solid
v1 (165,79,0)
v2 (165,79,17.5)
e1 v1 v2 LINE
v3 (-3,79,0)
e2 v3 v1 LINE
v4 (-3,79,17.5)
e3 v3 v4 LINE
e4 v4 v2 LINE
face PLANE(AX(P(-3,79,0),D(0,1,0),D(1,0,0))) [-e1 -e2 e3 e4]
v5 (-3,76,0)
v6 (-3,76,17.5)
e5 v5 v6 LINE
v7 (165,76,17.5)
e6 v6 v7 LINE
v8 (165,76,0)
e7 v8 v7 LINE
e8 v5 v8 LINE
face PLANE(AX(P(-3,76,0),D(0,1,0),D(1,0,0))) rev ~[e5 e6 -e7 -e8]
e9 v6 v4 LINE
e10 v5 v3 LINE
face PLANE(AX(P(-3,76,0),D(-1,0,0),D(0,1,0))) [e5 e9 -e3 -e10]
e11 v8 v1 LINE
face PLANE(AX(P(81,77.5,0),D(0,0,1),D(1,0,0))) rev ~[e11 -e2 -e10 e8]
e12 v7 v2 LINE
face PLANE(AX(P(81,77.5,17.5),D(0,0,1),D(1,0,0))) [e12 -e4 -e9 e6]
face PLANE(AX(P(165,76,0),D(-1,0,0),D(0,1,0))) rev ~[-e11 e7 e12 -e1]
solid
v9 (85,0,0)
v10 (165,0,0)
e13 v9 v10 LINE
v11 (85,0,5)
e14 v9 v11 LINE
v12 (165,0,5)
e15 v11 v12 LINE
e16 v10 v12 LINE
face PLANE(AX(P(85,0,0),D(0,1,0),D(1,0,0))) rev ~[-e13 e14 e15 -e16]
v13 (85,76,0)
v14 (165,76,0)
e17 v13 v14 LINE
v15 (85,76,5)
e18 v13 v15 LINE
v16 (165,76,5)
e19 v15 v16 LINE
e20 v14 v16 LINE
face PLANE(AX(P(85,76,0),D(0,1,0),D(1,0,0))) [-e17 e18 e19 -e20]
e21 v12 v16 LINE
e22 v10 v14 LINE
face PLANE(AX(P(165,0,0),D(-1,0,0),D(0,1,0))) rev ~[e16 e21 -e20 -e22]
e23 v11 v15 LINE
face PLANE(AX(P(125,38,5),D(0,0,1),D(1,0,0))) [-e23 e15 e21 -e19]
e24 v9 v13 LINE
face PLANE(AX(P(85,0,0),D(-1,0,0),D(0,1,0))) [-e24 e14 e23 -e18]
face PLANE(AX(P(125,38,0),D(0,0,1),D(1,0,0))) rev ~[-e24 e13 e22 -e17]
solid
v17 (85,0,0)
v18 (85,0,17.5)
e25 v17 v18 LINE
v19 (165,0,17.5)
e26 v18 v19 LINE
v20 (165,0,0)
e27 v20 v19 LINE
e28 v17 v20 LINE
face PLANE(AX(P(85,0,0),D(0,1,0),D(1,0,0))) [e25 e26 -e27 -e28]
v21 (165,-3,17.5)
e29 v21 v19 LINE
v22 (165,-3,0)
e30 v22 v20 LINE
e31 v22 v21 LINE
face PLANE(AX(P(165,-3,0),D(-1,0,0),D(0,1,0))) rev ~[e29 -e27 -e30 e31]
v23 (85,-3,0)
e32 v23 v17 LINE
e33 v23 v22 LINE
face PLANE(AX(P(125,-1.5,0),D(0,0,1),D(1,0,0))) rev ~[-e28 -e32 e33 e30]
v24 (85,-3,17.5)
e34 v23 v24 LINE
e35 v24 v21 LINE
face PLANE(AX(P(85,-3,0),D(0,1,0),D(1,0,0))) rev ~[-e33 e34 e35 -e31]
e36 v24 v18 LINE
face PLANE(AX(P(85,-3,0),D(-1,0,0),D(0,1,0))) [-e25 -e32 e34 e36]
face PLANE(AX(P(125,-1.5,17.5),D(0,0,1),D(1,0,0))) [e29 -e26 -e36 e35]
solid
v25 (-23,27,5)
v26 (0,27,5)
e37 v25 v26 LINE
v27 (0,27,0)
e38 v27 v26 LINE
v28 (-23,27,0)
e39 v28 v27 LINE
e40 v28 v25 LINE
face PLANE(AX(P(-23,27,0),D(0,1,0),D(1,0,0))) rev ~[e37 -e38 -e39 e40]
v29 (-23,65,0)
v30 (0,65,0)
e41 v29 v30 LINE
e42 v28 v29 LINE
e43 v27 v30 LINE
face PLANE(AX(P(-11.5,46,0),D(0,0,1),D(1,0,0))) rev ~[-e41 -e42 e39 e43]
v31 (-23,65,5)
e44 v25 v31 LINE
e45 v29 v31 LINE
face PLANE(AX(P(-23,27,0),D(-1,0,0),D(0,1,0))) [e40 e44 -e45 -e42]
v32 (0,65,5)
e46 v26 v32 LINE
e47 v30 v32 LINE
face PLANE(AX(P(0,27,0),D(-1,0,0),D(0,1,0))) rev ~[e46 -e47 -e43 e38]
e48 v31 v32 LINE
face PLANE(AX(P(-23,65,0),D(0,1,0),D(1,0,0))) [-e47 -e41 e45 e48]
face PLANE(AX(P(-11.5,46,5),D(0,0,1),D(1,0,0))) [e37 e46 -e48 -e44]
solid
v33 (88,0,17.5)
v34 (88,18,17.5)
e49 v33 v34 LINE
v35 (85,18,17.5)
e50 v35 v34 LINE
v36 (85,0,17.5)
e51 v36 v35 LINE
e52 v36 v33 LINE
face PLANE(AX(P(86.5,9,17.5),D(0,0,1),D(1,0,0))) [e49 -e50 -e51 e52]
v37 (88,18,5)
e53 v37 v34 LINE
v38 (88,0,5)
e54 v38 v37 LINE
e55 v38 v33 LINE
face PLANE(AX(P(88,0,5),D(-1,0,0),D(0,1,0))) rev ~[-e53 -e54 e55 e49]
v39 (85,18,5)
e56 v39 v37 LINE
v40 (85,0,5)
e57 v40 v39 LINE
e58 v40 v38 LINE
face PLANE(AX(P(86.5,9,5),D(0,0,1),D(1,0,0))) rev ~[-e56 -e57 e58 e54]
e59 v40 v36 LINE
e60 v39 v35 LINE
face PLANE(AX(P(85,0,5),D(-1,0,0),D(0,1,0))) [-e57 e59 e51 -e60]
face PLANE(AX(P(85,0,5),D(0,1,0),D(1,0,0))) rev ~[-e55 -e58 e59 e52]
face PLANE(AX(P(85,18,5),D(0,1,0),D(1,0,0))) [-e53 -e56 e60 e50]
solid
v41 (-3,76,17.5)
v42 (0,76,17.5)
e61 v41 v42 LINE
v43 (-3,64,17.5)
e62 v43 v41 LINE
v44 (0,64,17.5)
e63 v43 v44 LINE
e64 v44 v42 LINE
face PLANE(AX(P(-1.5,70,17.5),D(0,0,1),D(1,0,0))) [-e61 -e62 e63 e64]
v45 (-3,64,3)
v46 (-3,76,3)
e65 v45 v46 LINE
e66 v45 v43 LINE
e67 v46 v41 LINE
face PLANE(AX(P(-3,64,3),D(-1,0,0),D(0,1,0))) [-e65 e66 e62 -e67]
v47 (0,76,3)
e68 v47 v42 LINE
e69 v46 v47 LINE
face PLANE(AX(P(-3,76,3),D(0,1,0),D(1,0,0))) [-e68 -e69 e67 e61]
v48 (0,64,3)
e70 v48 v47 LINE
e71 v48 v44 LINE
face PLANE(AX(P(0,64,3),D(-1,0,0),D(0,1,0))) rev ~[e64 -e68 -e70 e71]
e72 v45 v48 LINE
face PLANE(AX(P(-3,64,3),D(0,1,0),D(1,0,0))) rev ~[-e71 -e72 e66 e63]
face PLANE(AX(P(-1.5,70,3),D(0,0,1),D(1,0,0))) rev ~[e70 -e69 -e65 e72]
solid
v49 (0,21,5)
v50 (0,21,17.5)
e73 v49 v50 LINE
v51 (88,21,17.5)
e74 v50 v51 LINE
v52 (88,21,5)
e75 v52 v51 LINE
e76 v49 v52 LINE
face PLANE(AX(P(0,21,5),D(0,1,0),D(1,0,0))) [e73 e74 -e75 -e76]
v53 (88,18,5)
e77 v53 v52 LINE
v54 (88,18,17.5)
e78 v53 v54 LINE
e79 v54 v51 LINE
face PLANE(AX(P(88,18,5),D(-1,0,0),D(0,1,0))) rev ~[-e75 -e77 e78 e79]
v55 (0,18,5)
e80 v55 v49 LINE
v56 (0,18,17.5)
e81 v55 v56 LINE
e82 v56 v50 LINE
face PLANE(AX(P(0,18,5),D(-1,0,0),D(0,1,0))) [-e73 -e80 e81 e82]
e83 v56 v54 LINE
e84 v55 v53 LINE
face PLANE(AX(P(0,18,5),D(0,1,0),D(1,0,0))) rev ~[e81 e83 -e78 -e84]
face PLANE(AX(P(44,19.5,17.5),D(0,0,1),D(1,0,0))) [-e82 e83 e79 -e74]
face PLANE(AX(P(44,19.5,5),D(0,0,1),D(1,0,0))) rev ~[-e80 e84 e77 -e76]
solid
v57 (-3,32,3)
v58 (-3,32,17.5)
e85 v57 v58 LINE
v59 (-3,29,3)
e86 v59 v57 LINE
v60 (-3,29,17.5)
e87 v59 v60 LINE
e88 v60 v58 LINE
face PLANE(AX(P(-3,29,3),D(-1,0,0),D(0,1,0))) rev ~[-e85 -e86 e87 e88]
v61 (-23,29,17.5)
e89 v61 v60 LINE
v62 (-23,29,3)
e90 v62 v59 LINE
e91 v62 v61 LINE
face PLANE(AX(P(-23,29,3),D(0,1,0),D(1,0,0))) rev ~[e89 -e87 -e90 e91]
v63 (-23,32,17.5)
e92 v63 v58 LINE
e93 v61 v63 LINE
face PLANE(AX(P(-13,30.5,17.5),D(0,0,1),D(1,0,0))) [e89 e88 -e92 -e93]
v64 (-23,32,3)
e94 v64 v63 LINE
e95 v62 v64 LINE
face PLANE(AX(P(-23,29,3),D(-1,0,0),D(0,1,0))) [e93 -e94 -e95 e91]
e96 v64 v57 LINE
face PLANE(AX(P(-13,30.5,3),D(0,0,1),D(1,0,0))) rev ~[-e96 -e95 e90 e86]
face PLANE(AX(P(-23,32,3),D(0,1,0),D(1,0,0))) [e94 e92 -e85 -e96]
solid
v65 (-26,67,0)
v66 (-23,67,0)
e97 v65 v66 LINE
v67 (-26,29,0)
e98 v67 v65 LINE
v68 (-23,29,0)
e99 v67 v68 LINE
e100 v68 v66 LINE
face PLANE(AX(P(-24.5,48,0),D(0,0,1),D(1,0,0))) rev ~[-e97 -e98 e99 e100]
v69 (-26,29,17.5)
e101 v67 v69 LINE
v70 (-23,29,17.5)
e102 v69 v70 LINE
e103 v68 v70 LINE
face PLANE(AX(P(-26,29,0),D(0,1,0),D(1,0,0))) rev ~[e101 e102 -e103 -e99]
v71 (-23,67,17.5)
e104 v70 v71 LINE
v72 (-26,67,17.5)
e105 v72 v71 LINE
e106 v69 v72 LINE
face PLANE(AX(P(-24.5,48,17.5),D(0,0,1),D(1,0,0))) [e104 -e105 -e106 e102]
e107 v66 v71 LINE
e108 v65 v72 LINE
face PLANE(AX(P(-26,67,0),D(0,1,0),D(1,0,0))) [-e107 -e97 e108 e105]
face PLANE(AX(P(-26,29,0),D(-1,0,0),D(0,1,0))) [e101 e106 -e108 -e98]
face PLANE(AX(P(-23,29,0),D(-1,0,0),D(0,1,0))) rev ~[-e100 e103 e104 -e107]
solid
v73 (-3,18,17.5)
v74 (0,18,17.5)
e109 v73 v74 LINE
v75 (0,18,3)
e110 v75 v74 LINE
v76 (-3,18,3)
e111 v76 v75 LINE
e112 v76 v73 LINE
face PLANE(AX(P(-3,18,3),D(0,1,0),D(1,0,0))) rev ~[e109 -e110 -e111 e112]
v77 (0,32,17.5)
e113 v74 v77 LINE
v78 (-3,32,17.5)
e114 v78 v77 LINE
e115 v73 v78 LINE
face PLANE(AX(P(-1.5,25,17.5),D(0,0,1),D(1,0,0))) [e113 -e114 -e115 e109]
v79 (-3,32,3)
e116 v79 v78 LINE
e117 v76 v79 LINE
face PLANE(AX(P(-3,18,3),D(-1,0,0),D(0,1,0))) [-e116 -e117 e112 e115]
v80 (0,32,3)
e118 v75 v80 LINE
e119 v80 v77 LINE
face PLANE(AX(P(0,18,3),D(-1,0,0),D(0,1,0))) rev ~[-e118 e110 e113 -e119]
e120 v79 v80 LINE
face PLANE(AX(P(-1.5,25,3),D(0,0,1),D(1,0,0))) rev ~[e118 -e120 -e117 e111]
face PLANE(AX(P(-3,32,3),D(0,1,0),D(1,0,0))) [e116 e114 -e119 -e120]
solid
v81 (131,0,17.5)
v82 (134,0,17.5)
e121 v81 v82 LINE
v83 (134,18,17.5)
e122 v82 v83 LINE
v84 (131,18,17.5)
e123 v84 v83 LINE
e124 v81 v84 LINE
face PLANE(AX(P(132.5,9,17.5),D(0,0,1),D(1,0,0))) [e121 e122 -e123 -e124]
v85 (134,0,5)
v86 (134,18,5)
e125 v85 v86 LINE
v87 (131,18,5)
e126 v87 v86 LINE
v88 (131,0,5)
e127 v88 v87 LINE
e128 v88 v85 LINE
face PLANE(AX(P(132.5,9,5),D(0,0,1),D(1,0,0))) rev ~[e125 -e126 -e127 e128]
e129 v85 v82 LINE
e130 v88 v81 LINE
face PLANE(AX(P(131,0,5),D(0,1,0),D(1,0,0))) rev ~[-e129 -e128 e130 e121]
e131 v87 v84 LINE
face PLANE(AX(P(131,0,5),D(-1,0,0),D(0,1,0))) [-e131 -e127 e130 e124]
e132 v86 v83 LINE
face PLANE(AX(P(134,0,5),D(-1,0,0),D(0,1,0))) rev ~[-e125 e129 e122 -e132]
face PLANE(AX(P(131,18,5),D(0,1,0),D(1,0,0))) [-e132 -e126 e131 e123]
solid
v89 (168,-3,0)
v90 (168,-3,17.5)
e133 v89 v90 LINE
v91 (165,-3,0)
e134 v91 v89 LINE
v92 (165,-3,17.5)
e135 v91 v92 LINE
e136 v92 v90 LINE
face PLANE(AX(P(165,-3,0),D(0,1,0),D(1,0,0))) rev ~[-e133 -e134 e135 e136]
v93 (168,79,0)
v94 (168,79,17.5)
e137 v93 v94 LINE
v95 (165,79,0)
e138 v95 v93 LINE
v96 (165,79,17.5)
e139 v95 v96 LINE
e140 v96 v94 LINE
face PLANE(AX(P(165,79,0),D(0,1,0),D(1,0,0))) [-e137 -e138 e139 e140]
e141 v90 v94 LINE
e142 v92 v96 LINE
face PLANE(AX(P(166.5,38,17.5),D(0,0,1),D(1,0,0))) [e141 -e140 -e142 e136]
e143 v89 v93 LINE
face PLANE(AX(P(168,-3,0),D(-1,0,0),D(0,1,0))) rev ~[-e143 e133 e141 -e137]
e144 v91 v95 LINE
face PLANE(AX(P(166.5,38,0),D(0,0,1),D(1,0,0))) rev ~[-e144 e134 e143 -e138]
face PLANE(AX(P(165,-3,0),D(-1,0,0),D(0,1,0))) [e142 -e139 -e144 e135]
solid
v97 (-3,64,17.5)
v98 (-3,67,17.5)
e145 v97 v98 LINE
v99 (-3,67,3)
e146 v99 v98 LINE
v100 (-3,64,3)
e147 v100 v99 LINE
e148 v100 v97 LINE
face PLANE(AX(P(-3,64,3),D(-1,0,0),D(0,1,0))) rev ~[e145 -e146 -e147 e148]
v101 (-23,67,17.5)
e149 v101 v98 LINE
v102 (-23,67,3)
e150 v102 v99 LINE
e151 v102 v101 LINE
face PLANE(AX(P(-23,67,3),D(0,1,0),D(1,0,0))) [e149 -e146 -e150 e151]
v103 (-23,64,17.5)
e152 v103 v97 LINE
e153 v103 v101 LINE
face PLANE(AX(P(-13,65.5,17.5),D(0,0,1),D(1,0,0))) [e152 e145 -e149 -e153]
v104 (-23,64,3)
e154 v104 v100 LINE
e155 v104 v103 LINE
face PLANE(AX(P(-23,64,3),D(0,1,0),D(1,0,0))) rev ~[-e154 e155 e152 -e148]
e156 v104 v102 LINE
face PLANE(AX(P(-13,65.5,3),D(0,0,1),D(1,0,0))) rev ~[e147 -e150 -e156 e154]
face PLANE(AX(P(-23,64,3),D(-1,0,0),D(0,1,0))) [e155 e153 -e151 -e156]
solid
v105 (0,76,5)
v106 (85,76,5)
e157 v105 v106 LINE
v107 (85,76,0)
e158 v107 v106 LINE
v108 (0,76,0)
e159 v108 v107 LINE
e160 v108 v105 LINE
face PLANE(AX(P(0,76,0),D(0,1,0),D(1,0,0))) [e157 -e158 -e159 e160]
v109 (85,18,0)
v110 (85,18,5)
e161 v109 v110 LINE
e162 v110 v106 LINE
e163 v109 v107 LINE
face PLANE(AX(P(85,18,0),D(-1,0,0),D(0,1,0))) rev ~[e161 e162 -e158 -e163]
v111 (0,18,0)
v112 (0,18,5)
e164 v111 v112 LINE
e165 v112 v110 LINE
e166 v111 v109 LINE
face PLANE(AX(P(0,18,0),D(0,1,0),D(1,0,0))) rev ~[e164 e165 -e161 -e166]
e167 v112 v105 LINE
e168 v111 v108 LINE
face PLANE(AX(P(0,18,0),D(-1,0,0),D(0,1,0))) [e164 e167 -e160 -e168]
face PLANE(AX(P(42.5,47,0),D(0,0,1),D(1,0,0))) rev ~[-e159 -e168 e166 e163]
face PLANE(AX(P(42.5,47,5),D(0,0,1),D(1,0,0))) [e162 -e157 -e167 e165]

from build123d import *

# Parameters (mm, degrees)
BOX_W        = 85
BOX_H        = 58
BOX_DEPTH    = 5
BOX001_W     = 3
BOX001_H     = 18
BOX001_DEPTH = 12.5
BOX004_W     = 80
BOX004_H     = 3
BOX004_DEPTH = 17.5
BOX005_W     = 168
BOX005_H     = 3
BOX005_DEPTH = 17.5
BOX006_W     = 3
BOX006_H     = 14
BOX006_DEPTH = 14.5
BOX007_W     = 3
BOX007_H     = 12
BOX007_DEPTH = 14.5
BOX008_W     = 3
BOX008_H     = 82
BOX008_DEPTH = 17.5
BOX009_W     = 88
BOX009_H     = 3
BOX009_DEPTH = 12.5
BOX010_W     = 3
BOX010_H     = 18
BOX010_DEPTH = 12.5
BOX011_W     = 23
BOX011_H     = 38
BOX011_DEPTH = 5
BOX012_W     = 20
BOX012_H     = 3
BOX012_DEPTH = 14.5
BOX013_W     = 20
BOX013_H     = 3
BOX013_DEPTH = 14.5
BOX014_W     = 3
BOX014_H     = 38
BOX014_DEPTH = 17.5
BOX015_W     = 80
BOX015_H     = 76
BOX015_DEPTH = 5


with BuildPart() as base:
    # Box → Box (new body)
    with BuildSketch(Plane(origin=(0, 18, 0), x_dir=(1, 0, 0), z_dir=(0, 0, 1))):
        with Locations((42.5, 29)):
            Rectangle(BOX_W, BOX_H)
    extrude(amount=BOX_DEPTH)


with BuildPart() as platform_support:
    # Box001 → Box001 (new body)
    with BuildSketch(Plane(origin=(85, 0, 5), x_dir=(1, 0, 0), z_dir=(0, 0, 1))):
        with Locations((1.5, 9)):
            Rectangle(BOX001_W, BOX001_H)
    extrude(amount=BOX001_DEPTH)


with BuildPart() as box004:
    # Box004 → Box004 (new body)
    with BuildSketch(Plane(origin=(85, -3, 0), x_dir=(1, 0, 0), z_dir=(0, 0, 1))):
        with Locations((40, 1.5)):
            Rectangle(BOX004_W, BOX004_H)
    extrude(amount=BOX004_DEPTH)


with BuildPart() as box005:
    # Box005 → Box005 (new body)
    with BuildSketch(Plane(origin=(-3, 76, 0), x_dir=(1, 0, 0), z_dir=(0, 0, 1))):
        with Locations((84, 1.5)):
            Rectangle(BOX005_W, BOX005_H)
    extrude(amount=BOX005_DEPTH)


with BuildPart() as box006:
    # Box006 → Box006 (new body)
    with BuildSketch(Plane(origin=(-3, 18, 3), x_dir=(1, 0, 0), z_dir=(0, 0, 1))):
        with Locations((1.5, 7)):
            Rectangle(BOX006_W, BOX006_H)
    extrude(amount=BOX006_DEPTH)


with BuildPart() as box007:
    # Box007 → Box007 (new body)
    with BuildSketch(Plane(origin=(-3, 64, 3), x_dir=(1, 0, 0), z_dir=(0, 0, 1))):
        with Locations((1.5, 6)):
            Rectangle(BOX007_W, BOX007_H)
    extrude(amount=BOX007_DEPTH)


with BuildPart() as box008:
    # Box008 → Box008 (new body)
    with BuildSketch(Plane(origin=(165, -3, 0), x_dir=(1, 0, 0), z_dir=(0, 0, 1))):
        with Locations((1.5, 41)):
            Rectangle(BOX008_W, BOX008_H)
    extrude(amount=BOX008_DEPTH)


with BuildPart() as platform_support001:
    # Box009 → Box009 (new body)
    with BuildSketch(Plane(origin=(0, 18, 5), x_dir=(1, 0, 0), z_dir=(0, 0, 1))):
        with Locations((44, 1.5)):
            Rectangle(BOX009_W, BOX009_H)
    extrude(amount=BOX009_DEPTH)


with BuildPart() as platform_support002:
    # Box010 → Box010 (new body)
    with BuildSketch(Plane(origin=(131, 0, 5), x_dir=(1, 0, 0), z_dir=(0, 0, 1))):
        with Locations((1.5, 9)):
            Rectangle(BOX010_W, BOX010_H)
    extrude(amount=BOX010_DEPTH)


with BuildPart() as box011:
    # Box011 → Box011 (new body)
    with BuildSketch(Plane(origin=(-23, 27, 0), x_dir=(1, 0, 0), z_dir=(0, 0, 1))):
        with Locations((11.5, 19)):
            Rectangle(BOX011_W, BOX011_H)
    extrude(amount=BOX011_DEPTH)


with BuildPart() as box012:
    # Box012 → Box012 (new body)
    with BuildSketch(Plane(origin=(-23, 64, 3), x_dir=(1, 0, 0), z_dir=(0, 0, 1))):
        with Locations((10, 1.5)):
            Rectangle(BOX012_W, BOX012_H)
    extrude(amount=BOX012_DEPTH)


with BuildPart() as box013:
    # Box013 → Box013 (new body)
    with BuildSketch(Plane(origin=(-23, 29, 3), x_dir=(1, 0, 0), z_dir=(0, 0, 1))):
        with Locations((10, 1.5)):
            Rectangle(BOX013_W, BOX013_H)
    extrude(amount=BOX013_DEPTH)


with BuildPart() as box014:
    # Box014 → Box014 (new body)
    with BuildSketch(Plane(origin=(-26, 29, 0), x_dir=(1, 0, 0), z_dir=(0, 0, 1))):
        with Locations((1.5, 19)):
            Rectangle(BOX014_W, BOX014_H)
    extrude(amount=BOX014_DEPTH)


with BuildPart() as base001:
    # Box015 → Box015 (new body)
    with BuildSketch(Plane(origin=(85, 0, 0), x_dir=(1, 0, 0), z_dir=(0, 0, 1))):
        with Locations((40, 38)):
            Rectangle(BOX015_W, BOX015_H)
    extrude(amount=BOX015_DEPTH)


solid = Compound([base.part, platform_support.part, box004.part, box005.part, box006.part, box007.part, box008.part, platform_support001.part, platform_support002.part, box011.part, box012.part, box013.part, box014.part, base001.part])
